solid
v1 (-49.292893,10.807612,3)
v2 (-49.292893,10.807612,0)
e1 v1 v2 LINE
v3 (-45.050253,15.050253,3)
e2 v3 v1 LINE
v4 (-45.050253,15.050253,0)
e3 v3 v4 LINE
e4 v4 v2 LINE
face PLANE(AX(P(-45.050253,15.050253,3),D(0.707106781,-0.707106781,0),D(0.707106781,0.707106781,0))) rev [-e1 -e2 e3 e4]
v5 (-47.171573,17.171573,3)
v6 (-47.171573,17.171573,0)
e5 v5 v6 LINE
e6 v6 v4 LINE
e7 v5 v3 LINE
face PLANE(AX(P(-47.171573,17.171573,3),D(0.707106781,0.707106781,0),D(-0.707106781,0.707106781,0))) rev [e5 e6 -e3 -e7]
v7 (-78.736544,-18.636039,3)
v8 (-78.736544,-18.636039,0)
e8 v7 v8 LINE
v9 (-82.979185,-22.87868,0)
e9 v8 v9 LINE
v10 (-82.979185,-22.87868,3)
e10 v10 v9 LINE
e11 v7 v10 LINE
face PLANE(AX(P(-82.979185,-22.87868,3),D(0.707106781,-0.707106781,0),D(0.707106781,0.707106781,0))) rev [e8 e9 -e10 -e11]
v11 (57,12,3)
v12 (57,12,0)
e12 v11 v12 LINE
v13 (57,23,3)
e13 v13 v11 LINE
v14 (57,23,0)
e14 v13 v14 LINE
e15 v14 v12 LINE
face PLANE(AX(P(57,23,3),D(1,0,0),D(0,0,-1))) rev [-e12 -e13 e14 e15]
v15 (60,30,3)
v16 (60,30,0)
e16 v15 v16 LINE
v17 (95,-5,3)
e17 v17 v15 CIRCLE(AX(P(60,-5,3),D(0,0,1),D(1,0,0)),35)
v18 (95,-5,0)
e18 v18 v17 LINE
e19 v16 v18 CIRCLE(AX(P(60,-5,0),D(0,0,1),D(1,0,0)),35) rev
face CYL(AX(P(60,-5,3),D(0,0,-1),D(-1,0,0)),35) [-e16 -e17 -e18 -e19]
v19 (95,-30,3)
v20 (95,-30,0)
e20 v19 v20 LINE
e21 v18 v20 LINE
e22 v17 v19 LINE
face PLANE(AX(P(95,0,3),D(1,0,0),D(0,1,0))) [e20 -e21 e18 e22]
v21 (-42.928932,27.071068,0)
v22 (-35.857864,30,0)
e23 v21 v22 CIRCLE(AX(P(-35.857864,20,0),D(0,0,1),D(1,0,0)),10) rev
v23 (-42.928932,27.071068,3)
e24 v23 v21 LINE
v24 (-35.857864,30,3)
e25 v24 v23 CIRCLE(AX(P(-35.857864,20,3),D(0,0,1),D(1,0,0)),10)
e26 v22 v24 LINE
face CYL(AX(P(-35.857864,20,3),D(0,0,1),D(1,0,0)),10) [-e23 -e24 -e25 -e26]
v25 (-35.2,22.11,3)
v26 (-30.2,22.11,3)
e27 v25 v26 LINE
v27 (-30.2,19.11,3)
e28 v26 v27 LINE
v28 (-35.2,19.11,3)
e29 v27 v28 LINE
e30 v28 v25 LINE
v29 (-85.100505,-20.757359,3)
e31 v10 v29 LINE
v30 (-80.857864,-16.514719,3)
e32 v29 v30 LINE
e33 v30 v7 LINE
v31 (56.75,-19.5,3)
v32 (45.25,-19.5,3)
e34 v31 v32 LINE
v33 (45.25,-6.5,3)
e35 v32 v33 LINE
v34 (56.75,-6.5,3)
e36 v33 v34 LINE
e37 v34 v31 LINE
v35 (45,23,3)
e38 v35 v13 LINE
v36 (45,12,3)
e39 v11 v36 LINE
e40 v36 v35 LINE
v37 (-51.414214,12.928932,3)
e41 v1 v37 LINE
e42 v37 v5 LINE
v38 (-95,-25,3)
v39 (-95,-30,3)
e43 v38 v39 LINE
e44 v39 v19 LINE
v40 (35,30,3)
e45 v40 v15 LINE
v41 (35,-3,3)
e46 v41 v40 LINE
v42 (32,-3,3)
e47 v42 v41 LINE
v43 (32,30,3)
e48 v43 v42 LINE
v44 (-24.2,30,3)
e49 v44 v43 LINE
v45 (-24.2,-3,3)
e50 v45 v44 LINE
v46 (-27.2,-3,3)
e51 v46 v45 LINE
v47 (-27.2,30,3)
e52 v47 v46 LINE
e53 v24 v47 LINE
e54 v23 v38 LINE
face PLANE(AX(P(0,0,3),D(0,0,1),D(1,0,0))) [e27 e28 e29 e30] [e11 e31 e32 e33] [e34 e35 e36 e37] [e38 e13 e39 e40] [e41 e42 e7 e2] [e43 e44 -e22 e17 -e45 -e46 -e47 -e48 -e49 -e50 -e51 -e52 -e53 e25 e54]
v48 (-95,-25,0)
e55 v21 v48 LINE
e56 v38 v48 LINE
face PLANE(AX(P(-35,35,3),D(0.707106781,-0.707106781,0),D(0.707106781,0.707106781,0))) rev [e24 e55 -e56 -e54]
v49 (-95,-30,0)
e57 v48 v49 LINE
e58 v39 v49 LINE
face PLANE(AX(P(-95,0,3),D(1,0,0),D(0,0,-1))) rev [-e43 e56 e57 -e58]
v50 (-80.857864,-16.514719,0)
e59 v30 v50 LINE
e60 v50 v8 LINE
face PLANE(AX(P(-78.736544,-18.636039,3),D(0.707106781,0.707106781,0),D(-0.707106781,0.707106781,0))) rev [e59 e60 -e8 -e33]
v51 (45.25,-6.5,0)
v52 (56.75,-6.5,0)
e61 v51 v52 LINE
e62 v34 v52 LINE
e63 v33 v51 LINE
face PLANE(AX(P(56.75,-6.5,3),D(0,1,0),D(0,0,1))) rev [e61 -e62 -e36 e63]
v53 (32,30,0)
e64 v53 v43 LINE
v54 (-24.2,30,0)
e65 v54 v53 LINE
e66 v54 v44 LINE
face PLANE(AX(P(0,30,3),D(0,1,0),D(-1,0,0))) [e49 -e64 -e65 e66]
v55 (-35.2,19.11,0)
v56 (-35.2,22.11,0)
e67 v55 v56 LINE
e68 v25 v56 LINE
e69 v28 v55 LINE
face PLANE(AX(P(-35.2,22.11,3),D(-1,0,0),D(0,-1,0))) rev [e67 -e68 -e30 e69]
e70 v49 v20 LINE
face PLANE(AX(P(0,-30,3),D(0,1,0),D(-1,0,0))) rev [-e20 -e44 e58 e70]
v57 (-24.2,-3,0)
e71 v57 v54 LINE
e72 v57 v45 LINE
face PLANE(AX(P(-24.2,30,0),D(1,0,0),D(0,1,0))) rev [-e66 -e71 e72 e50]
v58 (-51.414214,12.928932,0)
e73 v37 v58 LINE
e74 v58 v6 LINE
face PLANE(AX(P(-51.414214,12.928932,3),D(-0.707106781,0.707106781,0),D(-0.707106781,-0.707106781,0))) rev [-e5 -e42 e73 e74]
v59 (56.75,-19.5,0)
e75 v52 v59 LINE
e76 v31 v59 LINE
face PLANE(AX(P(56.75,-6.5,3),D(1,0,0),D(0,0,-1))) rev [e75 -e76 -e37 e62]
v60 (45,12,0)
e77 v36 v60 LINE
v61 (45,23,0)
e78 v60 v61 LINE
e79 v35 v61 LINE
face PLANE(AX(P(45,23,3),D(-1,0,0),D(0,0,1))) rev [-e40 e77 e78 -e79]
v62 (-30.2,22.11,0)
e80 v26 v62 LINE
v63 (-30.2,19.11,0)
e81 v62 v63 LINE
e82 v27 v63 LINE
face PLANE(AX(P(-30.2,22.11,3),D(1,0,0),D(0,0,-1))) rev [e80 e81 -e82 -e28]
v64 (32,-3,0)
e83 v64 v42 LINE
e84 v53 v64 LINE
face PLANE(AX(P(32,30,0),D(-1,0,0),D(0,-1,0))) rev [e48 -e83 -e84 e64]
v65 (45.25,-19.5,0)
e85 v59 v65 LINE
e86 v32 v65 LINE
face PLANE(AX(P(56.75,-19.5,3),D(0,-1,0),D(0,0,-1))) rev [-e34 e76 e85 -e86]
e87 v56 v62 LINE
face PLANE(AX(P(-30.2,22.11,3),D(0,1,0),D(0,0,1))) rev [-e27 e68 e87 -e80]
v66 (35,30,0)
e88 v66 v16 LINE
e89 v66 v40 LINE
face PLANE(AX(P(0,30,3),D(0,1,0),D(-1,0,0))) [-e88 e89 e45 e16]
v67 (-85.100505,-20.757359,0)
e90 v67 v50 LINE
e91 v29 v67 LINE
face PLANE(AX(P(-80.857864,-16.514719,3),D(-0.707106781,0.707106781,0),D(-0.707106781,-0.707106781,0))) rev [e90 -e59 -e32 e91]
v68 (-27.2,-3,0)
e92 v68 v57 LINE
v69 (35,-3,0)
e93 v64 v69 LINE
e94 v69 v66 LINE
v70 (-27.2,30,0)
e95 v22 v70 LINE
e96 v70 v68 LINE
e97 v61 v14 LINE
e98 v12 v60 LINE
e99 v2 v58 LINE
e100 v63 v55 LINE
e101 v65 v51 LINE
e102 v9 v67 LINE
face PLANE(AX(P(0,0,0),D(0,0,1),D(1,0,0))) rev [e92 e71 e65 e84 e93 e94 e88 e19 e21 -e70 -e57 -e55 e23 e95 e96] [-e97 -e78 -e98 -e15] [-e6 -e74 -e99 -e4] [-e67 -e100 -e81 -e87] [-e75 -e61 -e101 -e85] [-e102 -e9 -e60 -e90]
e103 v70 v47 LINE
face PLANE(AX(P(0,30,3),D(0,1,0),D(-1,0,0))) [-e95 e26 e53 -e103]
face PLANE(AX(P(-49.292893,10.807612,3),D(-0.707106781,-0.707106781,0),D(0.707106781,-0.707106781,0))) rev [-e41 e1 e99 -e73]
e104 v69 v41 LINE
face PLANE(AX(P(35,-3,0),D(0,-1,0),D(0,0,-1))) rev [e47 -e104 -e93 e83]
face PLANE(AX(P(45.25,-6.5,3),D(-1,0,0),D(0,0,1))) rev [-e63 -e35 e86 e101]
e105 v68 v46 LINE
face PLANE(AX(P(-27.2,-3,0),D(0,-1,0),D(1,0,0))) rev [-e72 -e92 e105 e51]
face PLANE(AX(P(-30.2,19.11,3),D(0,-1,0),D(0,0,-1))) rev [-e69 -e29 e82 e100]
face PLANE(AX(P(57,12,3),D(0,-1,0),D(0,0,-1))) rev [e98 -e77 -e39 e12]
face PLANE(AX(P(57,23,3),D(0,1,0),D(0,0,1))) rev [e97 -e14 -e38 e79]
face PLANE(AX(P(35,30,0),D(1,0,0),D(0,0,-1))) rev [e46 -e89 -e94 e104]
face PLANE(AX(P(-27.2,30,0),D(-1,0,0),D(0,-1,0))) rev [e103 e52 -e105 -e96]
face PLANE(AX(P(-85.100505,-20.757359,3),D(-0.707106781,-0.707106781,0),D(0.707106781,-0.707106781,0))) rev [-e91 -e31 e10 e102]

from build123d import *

# Parameters (mm, degrees)
SALIENTE_EXTRUIR1_DEPTH = 3
REDONDEO1_R             = 35
CROQUIS2_W              = 3
CROQUIS2_H              = 33
CORTAR_EXTRUIR1_DEPTH   = 4
CROQUIS3_W              = 11.5
CROQUIS3_H              = 13
CORTAR_EXTRUIR2_DEPTH   = 4
CROQUIS4_W              = 12
CROQUIS4_H              = 11
CORTAR_EXTRUIR3_DEPTH   = 4
REDONDEO2_R             = 10
CORTAR_EXTRUIR4_DEPTH   = 4
CROQUIS6_W              = 5
CROQUIS6_H              = 3
CORTAR_EXTRUIR5_DEPTH   = 4


with BuildPart() as part:
    # Croquis1 → Saliente-Extruir1 (new body)
    with BuildSketch(Plane.XY):
        Polygon((-21.5, 30), (-40, 30), (-95, -25), (-95, -30), (-21.5, -30), (-18.5, -30), (95, -30), (95, 30), (-18.5, 30), align=None)
    extrude(amount=SALIENTE_EXTRUIR1_DEPTH)

    # Redondeo1
    redondeo1_edges = [part.edges().sort_by_distance(p)[0] for p in [
        (95, 30, 1.5),
    ]]
    fillet(redondeo1_edges, radius=REDONDEO1_R)

    # Croquis2 → Cortar-Extruir1 (cut, through all)
    with BuildSketch(Plane.XY.offset(3)):
        with Locations((33.5, 13.5)):
            Rectangle(CROQUIS2_W, CROQUIS2_H)
        with Locations((-25.7, 13.5)):
            Rectangle(CROQUIS2_W, CROQUIS2_H)
    extrude(amount=-CORTAR_EXTRUIR1_DEPTH, mode=Mode.SUBTRACT)

    # Croquis3 → Cortar-Extruir2 (cut, through all)
    with BuildSketch(Plane(origin=(0, 0, 0), x_dir=(-1, 0, 0), z_dir=(0, 0, -1))):
        with Locations((-51, -13)):
            Rectangle(CROQUIS3_W, CROQUIS3_H)
    extrude(amount=-CORTAR_EXTRUIR2_DEPTH, mode=Mode.SUBTRACT)

    # Croquis4 → Cortar-Extruir3 (cut, through all)
    with BuildSketch(Plane(origin=(0, 0, 0), x_dir=(-1, 0, 0), z_dir=(0, 0, -1))):
        with Locations((-51, 17.5)):
            Rectangle(CROQUIS4_W, CROQUIS4_H)
    extrude(amount=-CORTAR_EXTRUIR3_DEPTH, mode=Mode.SUBTRACT)

    # Redondeo2
    redondeo2_edges = [part.edges().sort_by_distance(p)[0] for p in [
        (-40, 30, 1.5),
    ]]
    fillet(redondeo2_edges, radius=REDONDEO2_R)

    # Croquis5 → Cortar-Extruir4 (cut, through all)
    with BuildSketch(Plane(origin=(0, 0, 0), x_dir=(-1, 0, 0), z_dir=(0, 0, -1))):
        Polygon((47.171572875, 17.171572875), (45.050252532, 15.050252532), (49.292893219, 10.807611845), (51.414213562, 12.928932188), align=None)
        Polygon((85.100505063, -20.757359313), (82.97918472, -22.878679656), (78.736544033, -18.636038969), (80.857864376, -16.514718626), align=None)
    extrude(amount=-CORTAR_EXTRUIR4_DEPTH, mode=Mode.SUBTRACT)

    # Croquis6 → Cortar-Extruir5 (cut, through all)
    with BuildSketch(Plane(origin=(0, 0, 0), x_dir=(-1, 0, 0), z_dir=(0, 0, -1))):
        with Locations((32.7, 20.61)):
            Rectangle(CROQUIS6_W, CROQUIS6_H)
    extrude(amount=-CORTAR_EXTRUIR5_DEPTH, mode=Mode.SUBTRACT)


solid = part.part
